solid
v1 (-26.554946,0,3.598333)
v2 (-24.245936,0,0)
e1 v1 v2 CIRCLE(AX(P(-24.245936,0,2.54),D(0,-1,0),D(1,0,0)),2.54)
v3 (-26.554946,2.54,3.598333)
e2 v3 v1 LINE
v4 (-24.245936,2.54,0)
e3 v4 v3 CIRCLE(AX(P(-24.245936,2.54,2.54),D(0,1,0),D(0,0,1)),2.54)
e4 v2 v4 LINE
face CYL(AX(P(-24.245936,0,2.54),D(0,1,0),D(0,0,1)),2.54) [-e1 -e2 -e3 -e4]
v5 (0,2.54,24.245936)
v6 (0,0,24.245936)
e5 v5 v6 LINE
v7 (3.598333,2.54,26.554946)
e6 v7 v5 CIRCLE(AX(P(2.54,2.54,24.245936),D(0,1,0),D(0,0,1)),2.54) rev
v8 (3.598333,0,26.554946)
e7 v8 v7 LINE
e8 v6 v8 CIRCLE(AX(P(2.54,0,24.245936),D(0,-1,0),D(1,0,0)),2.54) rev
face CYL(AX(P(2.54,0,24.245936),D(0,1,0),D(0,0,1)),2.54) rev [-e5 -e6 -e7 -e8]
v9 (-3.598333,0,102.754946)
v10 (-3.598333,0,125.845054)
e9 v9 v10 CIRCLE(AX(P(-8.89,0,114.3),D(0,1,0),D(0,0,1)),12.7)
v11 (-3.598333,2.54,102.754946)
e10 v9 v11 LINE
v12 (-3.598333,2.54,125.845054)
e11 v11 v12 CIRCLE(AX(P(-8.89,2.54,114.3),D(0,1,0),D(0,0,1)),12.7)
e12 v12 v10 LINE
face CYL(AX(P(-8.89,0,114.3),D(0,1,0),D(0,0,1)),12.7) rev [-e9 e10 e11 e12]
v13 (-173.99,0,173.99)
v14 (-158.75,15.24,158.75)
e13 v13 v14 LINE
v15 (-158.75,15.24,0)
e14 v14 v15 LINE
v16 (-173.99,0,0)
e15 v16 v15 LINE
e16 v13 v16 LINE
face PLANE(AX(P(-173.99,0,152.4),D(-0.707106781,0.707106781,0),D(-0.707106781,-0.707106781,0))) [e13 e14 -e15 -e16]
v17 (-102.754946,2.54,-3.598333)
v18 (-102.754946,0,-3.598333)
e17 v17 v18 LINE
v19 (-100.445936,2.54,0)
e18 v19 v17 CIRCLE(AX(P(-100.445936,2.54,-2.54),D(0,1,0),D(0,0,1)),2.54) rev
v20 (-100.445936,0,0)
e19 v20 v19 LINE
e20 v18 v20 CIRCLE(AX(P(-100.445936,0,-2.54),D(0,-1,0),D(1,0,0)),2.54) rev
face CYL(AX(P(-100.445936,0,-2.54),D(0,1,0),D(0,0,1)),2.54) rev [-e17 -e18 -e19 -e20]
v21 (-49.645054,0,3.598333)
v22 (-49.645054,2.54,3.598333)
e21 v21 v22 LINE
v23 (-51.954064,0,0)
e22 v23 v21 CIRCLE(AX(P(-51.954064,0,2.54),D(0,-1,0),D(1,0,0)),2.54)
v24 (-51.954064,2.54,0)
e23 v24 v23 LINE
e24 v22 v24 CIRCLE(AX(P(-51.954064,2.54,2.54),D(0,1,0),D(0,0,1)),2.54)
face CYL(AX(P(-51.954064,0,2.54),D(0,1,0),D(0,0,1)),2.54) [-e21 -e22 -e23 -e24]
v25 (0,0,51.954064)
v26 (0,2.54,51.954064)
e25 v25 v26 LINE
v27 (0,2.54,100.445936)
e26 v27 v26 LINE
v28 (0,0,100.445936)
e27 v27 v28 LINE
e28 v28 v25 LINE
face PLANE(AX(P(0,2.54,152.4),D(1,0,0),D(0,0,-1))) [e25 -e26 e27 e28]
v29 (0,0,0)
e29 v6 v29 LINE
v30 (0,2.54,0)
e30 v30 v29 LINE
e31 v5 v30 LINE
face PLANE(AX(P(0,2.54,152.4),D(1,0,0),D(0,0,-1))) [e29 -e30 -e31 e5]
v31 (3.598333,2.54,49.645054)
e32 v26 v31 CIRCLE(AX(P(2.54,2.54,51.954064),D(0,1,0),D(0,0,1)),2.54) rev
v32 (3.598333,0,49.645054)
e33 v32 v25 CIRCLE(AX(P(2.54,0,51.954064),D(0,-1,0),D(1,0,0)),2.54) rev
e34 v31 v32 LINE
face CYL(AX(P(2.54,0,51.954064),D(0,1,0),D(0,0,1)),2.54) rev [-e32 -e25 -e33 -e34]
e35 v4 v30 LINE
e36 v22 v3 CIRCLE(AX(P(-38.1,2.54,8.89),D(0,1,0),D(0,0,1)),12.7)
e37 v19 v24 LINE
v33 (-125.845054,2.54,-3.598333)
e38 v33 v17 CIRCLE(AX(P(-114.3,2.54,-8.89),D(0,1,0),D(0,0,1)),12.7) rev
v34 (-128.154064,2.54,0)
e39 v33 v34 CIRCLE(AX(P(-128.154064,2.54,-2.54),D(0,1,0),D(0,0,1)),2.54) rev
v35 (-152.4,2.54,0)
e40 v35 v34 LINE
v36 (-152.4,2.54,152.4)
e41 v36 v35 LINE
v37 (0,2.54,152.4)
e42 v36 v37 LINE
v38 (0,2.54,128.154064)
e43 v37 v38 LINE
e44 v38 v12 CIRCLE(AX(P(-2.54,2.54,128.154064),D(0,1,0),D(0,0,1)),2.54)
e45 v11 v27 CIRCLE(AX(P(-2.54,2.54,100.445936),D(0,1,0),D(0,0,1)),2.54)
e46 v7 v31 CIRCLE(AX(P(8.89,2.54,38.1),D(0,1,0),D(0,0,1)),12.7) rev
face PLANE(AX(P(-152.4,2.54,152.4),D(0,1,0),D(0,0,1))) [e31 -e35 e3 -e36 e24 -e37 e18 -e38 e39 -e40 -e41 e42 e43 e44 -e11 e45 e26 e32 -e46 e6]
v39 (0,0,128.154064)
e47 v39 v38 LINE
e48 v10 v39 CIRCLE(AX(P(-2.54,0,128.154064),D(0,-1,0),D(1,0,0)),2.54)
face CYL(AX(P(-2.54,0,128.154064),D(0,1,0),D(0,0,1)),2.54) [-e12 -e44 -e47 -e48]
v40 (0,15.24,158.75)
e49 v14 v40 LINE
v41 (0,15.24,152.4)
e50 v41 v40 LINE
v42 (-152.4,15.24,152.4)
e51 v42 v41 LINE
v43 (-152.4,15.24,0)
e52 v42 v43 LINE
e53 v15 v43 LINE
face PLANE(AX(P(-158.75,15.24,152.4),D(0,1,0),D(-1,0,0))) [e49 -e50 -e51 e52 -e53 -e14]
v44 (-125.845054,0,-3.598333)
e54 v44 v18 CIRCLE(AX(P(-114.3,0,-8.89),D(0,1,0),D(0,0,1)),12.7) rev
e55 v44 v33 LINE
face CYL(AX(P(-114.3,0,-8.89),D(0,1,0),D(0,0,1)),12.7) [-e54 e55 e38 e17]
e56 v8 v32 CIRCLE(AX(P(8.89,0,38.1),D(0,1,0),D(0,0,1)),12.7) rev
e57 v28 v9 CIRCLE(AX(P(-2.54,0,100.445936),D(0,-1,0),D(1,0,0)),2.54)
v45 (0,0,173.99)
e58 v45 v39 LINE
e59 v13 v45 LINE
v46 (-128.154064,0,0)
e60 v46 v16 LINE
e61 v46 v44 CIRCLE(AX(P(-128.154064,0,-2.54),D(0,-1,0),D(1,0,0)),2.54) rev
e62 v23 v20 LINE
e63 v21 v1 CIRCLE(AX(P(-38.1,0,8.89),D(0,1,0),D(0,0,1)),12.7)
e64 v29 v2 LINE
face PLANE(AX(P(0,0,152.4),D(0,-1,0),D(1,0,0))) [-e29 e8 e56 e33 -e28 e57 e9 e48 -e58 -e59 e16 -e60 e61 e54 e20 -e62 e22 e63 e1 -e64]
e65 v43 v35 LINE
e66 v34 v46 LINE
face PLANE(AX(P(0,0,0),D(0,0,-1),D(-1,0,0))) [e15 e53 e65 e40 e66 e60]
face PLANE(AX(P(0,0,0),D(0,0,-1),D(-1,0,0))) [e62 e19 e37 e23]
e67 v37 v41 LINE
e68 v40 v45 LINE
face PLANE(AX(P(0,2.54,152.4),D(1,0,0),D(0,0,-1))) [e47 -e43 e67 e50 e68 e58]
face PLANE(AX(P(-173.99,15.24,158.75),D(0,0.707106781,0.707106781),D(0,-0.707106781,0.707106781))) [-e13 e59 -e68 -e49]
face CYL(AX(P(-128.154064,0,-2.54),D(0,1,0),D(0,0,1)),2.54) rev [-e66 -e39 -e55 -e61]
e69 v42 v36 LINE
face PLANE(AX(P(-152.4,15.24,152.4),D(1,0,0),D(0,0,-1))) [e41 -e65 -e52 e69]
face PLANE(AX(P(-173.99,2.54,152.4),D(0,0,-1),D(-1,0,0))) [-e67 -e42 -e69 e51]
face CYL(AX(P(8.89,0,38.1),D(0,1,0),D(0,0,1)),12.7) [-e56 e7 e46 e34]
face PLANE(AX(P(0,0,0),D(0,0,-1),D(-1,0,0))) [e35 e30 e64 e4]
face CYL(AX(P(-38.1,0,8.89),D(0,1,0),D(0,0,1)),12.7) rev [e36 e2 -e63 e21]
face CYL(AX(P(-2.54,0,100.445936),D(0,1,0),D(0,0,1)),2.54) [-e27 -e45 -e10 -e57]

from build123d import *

# Parameters (mm, degrees)
BOSS_EXTRUDE1_DEPTH = 152.4
BOSS_EXTRUDE2_DEPTH = 173.99
CUT_EXTRUDE1_DEPTH  = 232.798485112
BOSS_EXTRUDE3_DEPTH = 2.54
CUT_EXTRUDE2_DEPTH  = 247.386546305
FILLET1_R           = 2.54


with BuildPart() as part:
    # Sketch1 → Boss-Extrude1 (new body)
    with BuildSketch(Plane.XY):
        Polygon((0, 0), (-173.99, 0), (-158.75, 15.24), (-152.4, 15.24), (-152.4, 2.54), (0, 2.54), align=None)
    extrude(amount=BOSS_EXTRUDE1_DEPTH)

    # Sketch2 → Boss-Extrude2 (add, through all)
    with BuildSketch(Plane(origin=(0, 0, 0), x_dir=(0, 0, -1), z_dir=(1, 0, 0))):
        Polygon((-152.4, 2.54), (-152.4, 15.24), (-158.75, 15.24), (-173.99, 0), (-152.4, 0), align=None)
    extrude(amount=-BOSS_EXTRUDE2_DEPTH)

    # Sketch3 → Cut-Extrude1 (cut, through all)
    with BuildSketch(Plane(origin=(0, 0, 152.4), x_dir=(-1, 0, 0), z_dir=(0, 0, -1))):
        Polygon((158.75, 15.24), (173.99, 0), (173.99, 15.24), align=None)
    extrude(amount=-CUT_EXTRUDE1_DEPTH, mode=Mode.SUBTRACT)

    # Sketch4 → Boss-Extrude3 (add, through all)
    with BuildSketch(Plane(origin=(0, 2.54, 0), x_dir=(1, 0, 0), z_dir=(0, 1, 0))):
        with BuildLine():
            ThreePointArc((-105.230385896, 0), (-114.3, 21.59), (-123.369614104, 0))
            Line((-123.369614104, 0), (-105.230385896, 0))
        make_face()
        with BuildLine():
            ThreePointArc((0, -47.169614104), (21.59, -38.1), (0, -29.030385896))
            Line((0, -29.030385896), (0, -47.169614104))
        make_face()
    extrude(amount=-BOSS_EXTRUDE3_DEPTH)

    # Sketch4<3> → Cut-Extrude2 (cut, through all)
    with BuildSketch(Plane(origin=(0, 2.54, 0), x_dir=(1, 0, 0), z_dir=(0, 1, 0))):
        with BuildLine():
            Line((-29.030385896, 0), (-47.169614104, 0))
            ThreePointArc((-47.169614104, 0), (-38.1, -21.59), (-29.030385896, 0))
        make_face()
        with BuildLine():
            Line((0, -123.369614104), (0, -105.230385896))
            ThreePointArc((0, -105.230385896), (-21.59, -114.3), (0, -123.369614104))
        make_face()
    extrude(amount=-CUT_EXTRUDE2_DEPTH, mode=Mode.SUBTRACT)

    # Fillet1
    fillet1_edges = [part.edges().sort_by_distance(p)[0] for p in [
        (-123.369614104, 1.27, 0),
        (-105.230385896, 1.27, 0),
        (0, 1.27, 29.030385896),
        (0, 1.27, 47.169614104),
        (-47.169614104, 1.27, 0),
        (-29.030385896, 1.27, 0),
        (0, 1.27, 105.230385896),
        (0, 1.27, 123.369614104),
    ]]
    fillet(fillet1_edges, radius=FILLET1_R)


solid = part.part
